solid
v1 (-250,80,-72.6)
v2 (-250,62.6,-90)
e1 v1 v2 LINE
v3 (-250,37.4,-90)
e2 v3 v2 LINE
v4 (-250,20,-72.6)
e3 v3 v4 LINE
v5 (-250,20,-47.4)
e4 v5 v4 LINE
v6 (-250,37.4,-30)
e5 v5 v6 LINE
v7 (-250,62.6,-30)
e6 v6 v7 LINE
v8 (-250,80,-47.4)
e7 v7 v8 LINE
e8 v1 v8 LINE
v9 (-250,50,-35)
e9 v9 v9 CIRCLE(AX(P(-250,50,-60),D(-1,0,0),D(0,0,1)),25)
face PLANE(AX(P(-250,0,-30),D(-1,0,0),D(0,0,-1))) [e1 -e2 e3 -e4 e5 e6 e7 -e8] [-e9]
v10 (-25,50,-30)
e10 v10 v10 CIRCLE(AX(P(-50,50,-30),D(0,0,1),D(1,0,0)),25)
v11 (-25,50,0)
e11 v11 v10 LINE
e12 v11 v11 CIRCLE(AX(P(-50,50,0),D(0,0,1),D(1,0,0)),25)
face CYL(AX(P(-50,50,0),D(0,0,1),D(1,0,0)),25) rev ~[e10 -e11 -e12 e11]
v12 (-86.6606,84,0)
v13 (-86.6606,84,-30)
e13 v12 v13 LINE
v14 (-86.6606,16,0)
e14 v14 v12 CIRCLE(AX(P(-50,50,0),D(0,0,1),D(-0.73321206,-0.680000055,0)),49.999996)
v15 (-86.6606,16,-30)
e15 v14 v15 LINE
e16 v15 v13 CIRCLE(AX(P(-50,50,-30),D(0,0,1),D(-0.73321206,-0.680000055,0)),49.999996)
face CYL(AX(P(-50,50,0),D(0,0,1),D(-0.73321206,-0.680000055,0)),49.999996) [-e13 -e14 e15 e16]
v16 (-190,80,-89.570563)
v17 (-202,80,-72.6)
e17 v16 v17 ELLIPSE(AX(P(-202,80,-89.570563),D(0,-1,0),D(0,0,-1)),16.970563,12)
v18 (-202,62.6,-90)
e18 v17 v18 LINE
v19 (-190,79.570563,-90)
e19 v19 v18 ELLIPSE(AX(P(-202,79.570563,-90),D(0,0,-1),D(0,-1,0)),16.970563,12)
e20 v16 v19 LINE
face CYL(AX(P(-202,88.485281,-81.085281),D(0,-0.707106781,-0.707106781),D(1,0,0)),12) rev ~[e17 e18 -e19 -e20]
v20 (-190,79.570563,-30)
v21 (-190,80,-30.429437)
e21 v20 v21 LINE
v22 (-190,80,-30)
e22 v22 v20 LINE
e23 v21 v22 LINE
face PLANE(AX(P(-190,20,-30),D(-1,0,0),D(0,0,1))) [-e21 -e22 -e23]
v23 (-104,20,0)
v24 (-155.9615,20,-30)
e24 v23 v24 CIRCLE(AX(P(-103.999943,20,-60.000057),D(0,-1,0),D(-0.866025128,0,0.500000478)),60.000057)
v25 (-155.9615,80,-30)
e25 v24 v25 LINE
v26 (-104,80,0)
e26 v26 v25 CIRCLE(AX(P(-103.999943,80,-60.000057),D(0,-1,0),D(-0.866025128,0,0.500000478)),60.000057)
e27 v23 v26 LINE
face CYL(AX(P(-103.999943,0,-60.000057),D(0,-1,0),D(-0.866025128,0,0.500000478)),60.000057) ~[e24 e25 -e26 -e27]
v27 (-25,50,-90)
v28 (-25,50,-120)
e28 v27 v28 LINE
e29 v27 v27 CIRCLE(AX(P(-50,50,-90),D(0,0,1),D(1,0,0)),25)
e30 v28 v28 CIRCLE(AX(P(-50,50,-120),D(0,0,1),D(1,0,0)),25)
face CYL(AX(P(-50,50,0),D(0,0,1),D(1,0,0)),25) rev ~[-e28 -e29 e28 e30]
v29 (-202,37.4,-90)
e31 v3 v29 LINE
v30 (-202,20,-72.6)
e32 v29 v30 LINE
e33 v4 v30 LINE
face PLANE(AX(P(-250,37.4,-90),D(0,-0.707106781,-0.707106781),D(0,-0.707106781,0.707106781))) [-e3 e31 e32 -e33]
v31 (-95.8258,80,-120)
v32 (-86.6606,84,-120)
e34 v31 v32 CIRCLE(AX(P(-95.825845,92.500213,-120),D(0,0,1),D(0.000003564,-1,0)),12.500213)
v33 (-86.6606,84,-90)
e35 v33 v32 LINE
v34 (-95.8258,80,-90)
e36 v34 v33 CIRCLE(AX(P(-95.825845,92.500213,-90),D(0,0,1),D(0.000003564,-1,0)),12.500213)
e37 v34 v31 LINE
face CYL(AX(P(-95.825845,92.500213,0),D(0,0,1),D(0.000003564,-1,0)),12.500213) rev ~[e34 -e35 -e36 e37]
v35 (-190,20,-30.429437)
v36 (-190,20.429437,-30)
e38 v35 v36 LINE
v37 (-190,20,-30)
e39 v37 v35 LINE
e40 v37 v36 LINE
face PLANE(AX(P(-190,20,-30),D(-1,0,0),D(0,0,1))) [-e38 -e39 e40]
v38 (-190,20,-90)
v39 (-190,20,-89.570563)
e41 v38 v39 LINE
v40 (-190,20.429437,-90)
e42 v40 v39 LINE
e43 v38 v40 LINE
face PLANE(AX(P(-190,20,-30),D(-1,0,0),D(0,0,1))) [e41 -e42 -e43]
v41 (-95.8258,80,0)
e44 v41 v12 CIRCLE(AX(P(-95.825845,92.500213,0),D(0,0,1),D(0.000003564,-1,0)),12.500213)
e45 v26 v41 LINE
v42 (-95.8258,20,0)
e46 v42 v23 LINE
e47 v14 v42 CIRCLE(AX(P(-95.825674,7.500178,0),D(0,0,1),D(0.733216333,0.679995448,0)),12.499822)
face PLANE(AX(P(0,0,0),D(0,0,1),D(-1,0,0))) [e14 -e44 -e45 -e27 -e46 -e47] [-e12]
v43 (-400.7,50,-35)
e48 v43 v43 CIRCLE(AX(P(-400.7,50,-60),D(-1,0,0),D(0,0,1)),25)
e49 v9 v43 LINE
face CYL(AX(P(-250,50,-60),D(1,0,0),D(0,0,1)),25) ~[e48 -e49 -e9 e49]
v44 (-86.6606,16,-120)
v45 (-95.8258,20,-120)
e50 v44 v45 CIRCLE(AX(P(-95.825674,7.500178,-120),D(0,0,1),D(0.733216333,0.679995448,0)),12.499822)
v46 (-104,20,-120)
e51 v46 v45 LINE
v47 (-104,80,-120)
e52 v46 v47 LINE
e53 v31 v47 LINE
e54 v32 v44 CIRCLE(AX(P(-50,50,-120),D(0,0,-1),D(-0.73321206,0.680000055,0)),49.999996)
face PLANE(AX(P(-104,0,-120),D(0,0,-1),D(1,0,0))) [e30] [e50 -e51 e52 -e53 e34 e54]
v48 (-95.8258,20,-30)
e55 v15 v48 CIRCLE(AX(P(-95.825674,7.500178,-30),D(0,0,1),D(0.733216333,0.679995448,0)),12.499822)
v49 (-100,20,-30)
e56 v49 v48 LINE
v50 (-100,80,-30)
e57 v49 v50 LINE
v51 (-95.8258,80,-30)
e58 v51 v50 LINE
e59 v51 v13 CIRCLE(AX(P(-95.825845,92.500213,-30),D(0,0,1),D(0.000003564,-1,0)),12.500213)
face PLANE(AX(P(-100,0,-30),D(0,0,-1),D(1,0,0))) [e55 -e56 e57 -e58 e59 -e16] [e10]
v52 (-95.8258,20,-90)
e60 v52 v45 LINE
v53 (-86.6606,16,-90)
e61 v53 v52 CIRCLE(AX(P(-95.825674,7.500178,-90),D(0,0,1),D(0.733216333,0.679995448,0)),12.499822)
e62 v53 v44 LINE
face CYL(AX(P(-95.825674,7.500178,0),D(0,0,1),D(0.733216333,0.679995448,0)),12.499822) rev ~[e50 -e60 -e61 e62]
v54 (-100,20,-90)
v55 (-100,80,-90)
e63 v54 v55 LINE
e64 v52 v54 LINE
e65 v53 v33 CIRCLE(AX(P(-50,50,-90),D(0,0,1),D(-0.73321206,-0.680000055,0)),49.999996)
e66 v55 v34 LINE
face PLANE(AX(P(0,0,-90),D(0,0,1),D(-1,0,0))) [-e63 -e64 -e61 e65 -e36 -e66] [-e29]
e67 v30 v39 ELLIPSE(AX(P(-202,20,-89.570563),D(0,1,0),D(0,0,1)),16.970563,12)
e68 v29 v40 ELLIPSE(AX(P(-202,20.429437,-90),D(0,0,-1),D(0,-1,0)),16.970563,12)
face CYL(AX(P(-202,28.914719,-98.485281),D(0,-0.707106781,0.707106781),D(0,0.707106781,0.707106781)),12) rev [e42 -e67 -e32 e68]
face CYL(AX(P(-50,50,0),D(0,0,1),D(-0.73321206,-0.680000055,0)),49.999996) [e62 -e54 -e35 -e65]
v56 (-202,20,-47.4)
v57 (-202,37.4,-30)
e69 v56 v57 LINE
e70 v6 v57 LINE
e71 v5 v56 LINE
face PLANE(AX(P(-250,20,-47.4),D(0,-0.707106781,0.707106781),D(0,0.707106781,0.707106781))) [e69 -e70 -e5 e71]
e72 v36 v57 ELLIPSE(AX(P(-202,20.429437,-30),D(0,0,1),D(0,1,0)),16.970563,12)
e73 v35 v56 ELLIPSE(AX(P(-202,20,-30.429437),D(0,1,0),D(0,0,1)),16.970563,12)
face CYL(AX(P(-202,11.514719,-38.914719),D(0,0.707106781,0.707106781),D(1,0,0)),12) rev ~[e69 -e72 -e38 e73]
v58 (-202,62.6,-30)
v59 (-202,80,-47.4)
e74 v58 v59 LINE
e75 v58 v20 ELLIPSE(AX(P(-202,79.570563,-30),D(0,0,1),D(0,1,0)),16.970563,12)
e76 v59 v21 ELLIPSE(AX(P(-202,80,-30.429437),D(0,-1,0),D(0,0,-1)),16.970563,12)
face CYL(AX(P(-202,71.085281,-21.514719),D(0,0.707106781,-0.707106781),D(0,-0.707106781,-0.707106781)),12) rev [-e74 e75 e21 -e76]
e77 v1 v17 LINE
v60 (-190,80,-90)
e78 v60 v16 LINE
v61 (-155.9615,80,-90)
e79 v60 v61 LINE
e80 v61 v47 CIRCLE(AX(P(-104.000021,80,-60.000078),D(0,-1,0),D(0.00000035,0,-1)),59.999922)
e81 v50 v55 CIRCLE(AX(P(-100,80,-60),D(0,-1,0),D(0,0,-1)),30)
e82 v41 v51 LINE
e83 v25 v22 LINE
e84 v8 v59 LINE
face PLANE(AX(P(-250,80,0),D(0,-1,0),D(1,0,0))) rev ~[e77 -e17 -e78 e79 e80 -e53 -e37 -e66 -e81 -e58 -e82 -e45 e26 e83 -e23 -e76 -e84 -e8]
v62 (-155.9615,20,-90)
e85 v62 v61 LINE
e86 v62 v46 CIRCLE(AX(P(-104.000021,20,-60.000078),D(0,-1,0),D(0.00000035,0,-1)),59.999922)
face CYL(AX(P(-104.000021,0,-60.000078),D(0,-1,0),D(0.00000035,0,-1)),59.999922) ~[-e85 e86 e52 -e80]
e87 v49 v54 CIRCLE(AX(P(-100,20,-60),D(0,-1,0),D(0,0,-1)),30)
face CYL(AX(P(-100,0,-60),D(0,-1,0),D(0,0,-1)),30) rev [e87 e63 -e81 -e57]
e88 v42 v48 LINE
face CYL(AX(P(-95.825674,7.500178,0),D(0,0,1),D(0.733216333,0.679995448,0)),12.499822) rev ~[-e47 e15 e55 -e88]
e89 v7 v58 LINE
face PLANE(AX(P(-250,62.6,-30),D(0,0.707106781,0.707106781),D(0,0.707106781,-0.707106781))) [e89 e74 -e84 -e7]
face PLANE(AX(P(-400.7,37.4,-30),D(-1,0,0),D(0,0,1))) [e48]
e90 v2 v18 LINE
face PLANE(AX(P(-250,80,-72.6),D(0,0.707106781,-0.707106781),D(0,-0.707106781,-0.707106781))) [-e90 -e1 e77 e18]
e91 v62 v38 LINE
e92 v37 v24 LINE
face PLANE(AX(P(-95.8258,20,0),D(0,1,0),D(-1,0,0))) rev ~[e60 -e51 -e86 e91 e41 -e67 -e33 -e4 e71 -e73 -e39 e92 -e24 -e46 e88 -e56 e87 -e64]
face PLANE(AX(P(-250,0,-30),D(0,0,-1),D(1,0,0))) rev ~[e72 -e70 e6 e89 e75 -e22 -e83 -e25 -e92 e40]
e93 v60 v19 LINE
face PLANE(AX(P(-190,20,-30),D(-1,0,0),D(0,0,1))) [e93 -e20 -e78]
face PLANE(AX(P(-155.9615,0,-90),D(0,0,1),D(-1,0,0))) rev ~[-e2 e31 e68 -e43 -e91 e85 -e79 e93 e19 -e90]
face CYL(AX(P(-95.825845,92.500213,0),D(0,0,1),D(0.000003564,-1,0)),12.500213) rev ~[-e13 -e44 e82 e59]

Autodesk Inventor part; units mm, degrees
ref_plane "YZ Plane" through (0, 0, 0) normal (1, 0, 0) x (0, 1, 0)
ref_plane "XZ Plane" through (0, 0, 0) normal (0, 1, 0) x (-1, 0, 0)
ref_plane "XY Plane" through (0, 0, 0) normal (0, 0, 1) x (1, 0, 0)
sketch "Boceto1" plane through (0, 0, 0) normal (0, 0, 1) x (1, 0, 0)
  point P0 (0, 0)
sketch "Boceto2" plane through (0, 0, 0) normal (0, 1, 0) x (-1, 0, 0)
  line L0 (0, 0) -> (104, 0)
  line L1 (250, -30) -> (250, -90)
  line L2 (104, -120) -> (0, -120)
  arc A0 (100, -90) -> (100, -30) centre (100, -60) ccw
  line L3 (250, -60) -> (250, -30)
  arc A1 (155.9615, -30) -> (104, 0) centre (104, -60) ccw
  arc A2 (104, -120) -> (155.9615, -90) centre (104, -60) ccw
  line L4 (0, -120) -> (0, -90)
  line L5 (0, -30) -> (0, 0)
  line L6 (0, -90) -> (100, -90)
  line L7 (155.9615, -90) -> (250, -90)
  line L8 (250, -30) -> (155.9615, -30)
  line L9 (100, -30) -> (0, -30)
  dimension "d2" = 60
  dimension "d3" = 150
  dimension "d4" = 4
extrude "Extrusión1" add sketch "Boceto2" along normal blind 100
sketch "Boceto3" plane through (-104, 0, 0) normal (0, 0, 1) x (1, 0, 0)
  arc A0 (17.3394, 16) -> (17.3394, 84) centre (54, 50) ccw
  line L0 (0, 100) -> (104, 100) projected
  line L1 (104, 0) -> (104, 100) projected
  line L2 (0, 0) -> (104, 0) projected
  circle A1 centre (54, 50) radius 25
  line L3 (-146, 80) -> (8.1742, 80)
  line L4 (8.1742, 20) -> (-146, 20)
  arc A2 (17.3394, 16) -> (8.1742, 20) centre (8.1742, 7.5) ccw
  arc A3 (8.1742, 80) -> (17.3394, 84) centre (8.1742, 92.5) ccw
  line L5 (-146, 80) -> (-146, 20)
  line L6 (-146, 0) -> (-146, 100) projected
  line L7 (-146, 0) -> (-51.9615, 0) projected
  line L8 (-146, 100) -> (-51.9615, 100) projected
  dimension "d7" = 50
  dimension "d9" = 25
  dimension "d10" = 25
  dimension "d11" = 60
  dimension "d12" = 20
  dimension "d13" = 20
extrude "Extrusión2" cut sketch "Boceto3" against normal blind 200 contours A2 L4 L5 L3 A3 A0 keep common part
sketch "Boceto4" plane through (-250, 20, -30) normal (-1, 0, 0) x (0, 0, 1)
  line L0 (-60, 60) -> (0, 60) projected
  line L1 (0, 60) -> (-17.4, 60)
  line L2 (0, 60) -> (0, 42.6)
  line L3 (0, 0) -> (0, 60) projected
  line L4 (0, 42.6) -> (-17.4, 60)
  line L5 (-42.6, 60) -> (-60, 42.6)
  line L6 (-60, 60) -> (-60, 42.6)
  line L7 (-60, 60) -> (-42.6, 60)
  line L8 (-60, 17.4) -> (-42.6, 0)
  line L9 (-60, 0) -> (-42.6, 0)
  line L10 (-60, 0) -> (-60, 17.4)
  line L11 (-17.4, 0) -> (0, 17.4)
  line L12 (0, 0) -> (0, 17.4)
  line L13 (0, 0) -> (-17.4, 0)
  point P0 (30, -20)
  point P1 (-30, 30)
  dimension "d16" = 17.4
  dimension "d17" = 17.4
  dimension "d20" = 360
extrude "Extrusión3" cut sketch "Boceto4" against normal blind 60
sketch "Boceto6" plane through (-250, 37.4, -30) normal (-1, 0, 0) x (0, 0, 1)
  circle A0 centre (-30, 12.6) radius 25
  line L0 (0, 0) -> (0, 25.2) projected
  line L1 (-17.4, -17.4) -> (-42.6, -17.4) projected
  point P0 (30, -37.4)
  dimension "d24" = 50
  dimension "d25" = 30
  dimension "d26" = 30
fillet "Empalme1" radius 12 4 edges at (-190, 71.3, -38.7) (-190, 71.3, -81.3) (-190, 28.7, -81.3) (-190, 28.7, -38.7)
extrude "Extrusión4" add sketch "Boceto6" along normal blind 150.7
properties part number "Fork end" material "Plástico PC/ABS"
